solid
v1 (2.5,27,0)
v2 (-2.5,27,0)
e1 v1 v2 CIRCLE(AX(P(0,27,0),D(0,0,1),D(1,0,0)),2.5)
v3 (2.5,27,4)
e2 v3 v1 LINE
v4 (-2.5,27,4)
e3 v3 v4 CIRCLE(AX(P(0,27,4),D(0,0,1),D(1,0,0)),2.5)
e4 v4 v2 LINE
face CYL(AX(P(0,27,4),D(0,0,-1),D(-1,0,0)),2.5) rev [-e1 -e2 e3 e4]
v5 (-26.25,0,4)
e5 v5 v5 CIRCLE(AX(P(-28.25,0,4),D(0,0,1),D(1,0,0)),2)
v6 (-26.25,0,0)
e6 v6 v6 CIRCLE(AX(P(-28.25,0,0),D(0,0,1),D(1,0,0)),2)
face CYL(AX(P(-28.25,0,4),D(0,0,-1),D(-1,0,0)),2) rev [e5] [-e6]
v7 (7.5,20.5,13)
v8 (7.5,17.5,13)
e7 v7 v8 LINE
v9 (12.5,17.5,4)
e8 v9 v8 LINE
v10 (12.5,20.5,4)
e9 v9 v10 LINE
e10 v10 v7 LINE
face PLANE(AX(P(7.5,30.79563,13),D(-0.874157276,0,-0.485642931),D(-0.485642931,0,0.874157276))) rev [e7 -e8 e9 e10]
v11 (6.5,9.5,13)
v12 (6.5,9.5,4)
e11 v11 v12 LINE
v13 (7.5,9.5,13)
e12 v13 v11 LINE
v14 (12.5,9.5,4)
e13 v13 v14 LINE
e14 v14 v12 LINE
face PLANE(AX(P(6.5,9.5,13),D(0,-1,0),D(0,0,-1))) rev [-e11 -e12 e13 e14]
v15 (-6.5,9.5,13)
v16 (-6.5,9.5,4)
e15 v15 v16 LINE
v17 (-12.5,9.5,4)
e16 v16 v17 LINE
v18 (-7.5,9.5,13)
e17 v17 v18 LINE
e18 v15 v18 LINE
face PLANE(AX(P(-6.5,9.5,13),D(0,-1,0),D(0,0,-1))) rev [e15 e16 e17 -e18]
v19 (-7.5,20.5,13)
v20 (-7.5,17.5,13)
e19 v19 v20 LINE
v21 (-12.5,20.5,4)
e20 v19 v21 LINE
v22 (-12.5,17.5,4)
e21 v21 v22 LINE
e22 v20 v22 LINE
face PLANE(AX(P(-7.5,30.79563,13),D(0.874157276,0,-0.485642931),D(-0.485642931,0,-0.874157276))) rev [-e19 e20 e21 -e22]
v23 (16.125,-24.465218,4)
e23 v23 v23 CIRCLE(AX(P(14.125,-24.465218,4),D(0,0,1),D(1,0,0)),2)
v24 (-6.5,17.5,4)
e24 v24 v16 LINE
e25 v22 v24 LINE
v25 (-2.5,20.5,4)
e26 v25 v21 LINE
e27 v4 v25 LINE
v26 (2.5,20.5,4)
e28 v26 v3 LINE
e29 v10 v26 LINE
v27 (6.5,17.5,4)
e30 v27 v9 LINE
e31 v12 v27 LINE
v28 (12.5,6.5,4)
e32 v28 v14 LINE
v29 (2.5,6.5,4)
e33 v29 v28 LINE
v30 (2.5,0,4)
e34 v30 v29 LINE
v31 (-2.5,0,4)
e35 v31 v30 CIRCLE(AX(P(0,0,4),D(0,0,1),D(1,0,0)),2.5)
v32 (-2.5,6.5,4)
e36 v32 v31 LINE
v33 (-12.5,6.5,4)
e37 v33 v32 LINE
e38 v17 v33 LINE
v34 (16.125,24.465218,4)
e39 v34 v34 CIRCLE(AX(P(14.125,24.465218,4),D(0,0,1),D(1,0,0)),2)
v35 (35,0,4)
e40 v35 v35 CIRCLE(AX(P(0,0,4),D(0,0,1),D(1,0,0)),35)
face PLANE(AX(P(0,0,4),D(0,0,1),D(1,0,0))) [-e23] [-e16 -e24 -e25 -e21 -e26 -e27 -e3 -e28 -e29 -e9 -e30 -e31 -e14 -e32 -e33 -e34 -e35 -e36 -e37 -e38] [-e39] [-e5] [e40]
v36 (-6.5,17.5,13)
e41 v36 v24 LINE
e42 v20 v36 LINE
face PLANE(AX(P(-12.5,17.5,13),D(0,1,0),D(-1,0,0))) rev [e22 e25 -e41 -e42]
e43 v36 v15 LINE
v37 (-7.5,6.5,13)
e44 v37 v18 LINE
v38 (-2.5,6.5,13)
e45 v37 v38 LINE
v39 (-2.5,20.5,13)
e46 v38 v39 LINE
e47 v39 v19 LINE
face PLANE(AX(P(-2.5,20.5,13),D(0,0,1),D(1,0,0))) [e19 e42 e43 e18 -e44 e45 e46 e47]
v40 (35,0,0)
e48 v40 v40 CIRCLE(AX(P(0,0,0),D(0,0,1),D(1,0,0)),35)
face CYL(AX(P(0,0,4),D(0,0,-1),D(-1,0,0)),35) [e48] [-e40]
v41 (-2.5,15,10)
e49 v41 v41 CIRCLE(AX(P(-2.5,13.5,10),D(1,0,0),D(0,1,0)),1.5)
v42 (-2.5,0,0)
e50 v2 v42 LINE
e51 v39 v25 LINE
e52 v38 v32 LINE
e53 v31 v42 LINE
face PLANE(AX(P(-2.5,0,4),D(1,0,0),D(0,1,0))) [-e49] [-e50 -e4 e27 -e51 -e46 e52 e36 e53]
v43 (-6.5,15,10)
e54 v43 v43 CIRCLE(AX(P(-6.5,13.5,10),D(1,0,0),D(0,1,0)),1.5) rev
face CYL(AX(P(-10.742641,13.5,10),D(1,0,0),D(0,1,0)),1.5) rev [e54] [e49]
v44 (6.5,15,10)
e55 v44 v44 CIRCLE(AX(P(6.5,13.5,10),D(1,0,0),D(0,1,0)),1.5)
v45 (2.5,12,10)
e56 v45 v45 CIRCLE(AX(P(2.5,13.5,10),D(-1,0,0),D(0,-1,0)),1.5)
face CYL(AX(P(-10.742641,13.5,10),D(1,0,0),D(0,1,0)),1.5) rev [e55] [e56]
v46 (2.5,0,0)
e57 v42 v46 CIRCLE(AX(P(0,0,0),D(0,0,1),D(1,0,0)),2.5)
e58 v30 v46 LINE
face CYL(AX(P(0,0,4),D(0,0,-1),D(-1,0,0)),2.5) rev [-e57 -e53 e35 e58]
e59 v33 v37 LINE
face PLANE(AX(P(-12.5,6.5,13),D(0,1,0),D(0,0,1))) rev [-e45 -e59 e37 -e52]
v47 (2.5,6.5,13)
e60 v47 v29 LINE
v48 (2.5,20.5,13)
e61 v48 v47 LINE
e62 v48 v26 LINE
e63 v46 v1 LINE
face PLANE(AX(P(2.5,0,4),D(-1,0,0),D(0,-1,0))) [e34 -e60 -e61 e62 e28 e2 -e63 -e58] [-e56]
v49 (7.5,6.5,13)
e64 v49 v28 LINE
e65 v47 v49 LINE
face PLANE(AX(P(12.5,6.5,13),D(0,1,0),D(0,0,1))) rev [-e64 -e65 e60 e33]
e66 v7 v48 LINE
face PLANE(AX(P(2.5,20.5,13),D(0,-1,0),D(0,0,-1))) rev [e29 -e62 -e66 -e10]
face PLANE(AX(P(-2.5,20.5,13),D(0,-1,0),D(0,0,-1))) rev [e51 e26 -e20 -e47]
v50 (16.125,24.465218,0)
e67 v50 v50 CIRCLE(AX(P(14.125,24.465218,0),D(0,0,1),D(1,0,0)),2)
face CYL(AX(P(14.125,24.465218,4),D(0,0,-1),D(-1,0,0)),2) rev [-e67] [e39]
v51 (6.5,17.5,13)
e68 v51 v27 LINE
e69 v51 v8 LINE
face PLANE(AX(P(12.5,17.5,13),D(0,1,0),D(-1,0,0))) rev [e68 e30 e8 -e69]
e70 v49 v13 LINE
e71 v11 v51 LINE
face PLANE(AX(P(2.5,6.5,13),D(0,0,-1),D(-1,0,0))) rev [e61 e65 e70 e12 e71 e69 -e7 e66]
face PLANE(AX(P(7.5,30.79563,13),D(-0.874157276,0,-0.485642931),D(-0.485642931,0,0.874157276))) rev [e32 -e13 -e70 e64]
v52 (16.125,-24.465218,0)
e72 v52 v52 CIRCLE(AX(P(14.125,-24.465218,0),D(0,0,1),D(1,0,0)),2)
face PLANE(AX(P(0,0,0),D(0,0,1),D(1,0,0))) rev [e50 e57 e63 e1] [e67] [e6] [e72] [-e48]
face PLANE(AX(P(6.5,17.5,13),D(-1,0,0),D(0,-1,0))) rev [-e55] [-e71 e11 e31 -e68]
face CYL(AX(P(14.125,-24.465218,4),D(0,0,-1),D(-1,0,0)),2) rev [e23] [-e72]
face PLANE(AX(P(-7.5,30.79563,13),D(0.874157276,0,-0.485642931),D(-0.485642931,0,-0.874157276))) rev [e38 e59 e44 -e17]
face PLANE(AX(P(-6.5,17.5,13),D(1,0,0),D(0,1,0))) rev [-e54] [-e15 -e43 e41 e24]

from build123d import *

# Parameters (mm, degrees)
SKETCH_1_R          = 35
SKETCH_1_R_2        = 2
EXTRUDE_1_DEPTH     = 4
EXTRUDE_2_DEPTH     = 9
CUT_EXTRUDE_1_DEPTH = 14
SKETCH_4_R          = 1.45
CUT_EXTRUDE_2_DEPTH = 13
SKETCH_5_R          = 1.5
CUT_EXTRUDE_3_DEPTH = 13


with BuildPart() as part:
    # 草图1 → 凸台-拉伸1 (new body)
    with BuildSketch(Plane.XY):
        Circle(SKETCH_1_R)
        with Locations((14.125, 24.465217657)):
            Circle(SKETCH_1_R_2, mode=Mode.SUBTRACT)
        with Locations((14.125, -24.465217657)):
            Circle(SKETCH_1_R_2, mode=Mode.SUBTRACT)
        with Locations((-28.25, 0)):
            Circle(SKETCH_1_R_2, mode=Mode.SUBTRACT)
        with BuildLine():
            Line((-2.5, 0), (-2.5, 27))
            ThreePointArc((-2.5, 27), (0, 29.5), (2.5, 27))
            Line((2.5, 27), (2.5, 0))
            ThreePointArc((2.5, 0), (0, -2.5), (-2.5, 0))
        make_face(mode=Mode.SUBTRACT)
    extrude(amount=EXTRUDE_1_DEPTH)

    # 草图2 → 凸台-拉伸2 (add)
    with BuildSketch(Plane.XY.offset(4)):
        Polygon((-2.5, 13.5), (-2.5, 20.5), (-12.5, 20.5), (-12.5, 17.5), (-6.5, 17.5), (-6.5, 9.5), (-12.5, 9.5), (-12.5, 6.5), (-2.5, 6.5), align=None)
        Polygon((2.5, 6.5), (2.5, 13.5), (2.5, 20.5), (12.5, 20.5), (12.5, 17.5), (6.5, 17.5), (6.5, 9.5), (12.5, 9.5), (12.5, 6.5), align=None)
    extrude(amount=EXTRUDE_2_DEPTH)

    # 草图3 → 切除-拉伸1 (cut)
    with BuildSketch(Plane.XZ.offset(-6.5)):
        Polygon((-12.5, 4), (-12.5, 13), (-7.5, 13), align=None)
        Polygon((12.5, 4), (12.5, 13), (7.5, 13), align=None)
    extrude(amount=-CUT_EXTRUDE_1_DEPTH, mode=Mode.SUBTRACT)

    # 草图4 → 切除-拉伸2 (cut)
    with BuildSketch(Plane.ZY.offset(6.5)):
        with Locations((10, 13.5)):
            Circle(SKETCH_4_R)
    extrude(amount=-CUT_EXTRUDE_2_DEPTH, mode=Mode.SUBTRACT)

    # 草图5 → 切除-拉伸3 (cut)
    with BuildSketch(Plane(origin=(6.5, 0, 0), x_dir=(0, 0, -1), z_dir=(1, 0, 0))):
        with Locations((-10, 13.5)):
            Circle(SKETCH_5_R)
    extrude(amount=-CUT_EXTRUDE_3_DEPTH, mode=Mode.SUBTRACT)


solid = part.part
